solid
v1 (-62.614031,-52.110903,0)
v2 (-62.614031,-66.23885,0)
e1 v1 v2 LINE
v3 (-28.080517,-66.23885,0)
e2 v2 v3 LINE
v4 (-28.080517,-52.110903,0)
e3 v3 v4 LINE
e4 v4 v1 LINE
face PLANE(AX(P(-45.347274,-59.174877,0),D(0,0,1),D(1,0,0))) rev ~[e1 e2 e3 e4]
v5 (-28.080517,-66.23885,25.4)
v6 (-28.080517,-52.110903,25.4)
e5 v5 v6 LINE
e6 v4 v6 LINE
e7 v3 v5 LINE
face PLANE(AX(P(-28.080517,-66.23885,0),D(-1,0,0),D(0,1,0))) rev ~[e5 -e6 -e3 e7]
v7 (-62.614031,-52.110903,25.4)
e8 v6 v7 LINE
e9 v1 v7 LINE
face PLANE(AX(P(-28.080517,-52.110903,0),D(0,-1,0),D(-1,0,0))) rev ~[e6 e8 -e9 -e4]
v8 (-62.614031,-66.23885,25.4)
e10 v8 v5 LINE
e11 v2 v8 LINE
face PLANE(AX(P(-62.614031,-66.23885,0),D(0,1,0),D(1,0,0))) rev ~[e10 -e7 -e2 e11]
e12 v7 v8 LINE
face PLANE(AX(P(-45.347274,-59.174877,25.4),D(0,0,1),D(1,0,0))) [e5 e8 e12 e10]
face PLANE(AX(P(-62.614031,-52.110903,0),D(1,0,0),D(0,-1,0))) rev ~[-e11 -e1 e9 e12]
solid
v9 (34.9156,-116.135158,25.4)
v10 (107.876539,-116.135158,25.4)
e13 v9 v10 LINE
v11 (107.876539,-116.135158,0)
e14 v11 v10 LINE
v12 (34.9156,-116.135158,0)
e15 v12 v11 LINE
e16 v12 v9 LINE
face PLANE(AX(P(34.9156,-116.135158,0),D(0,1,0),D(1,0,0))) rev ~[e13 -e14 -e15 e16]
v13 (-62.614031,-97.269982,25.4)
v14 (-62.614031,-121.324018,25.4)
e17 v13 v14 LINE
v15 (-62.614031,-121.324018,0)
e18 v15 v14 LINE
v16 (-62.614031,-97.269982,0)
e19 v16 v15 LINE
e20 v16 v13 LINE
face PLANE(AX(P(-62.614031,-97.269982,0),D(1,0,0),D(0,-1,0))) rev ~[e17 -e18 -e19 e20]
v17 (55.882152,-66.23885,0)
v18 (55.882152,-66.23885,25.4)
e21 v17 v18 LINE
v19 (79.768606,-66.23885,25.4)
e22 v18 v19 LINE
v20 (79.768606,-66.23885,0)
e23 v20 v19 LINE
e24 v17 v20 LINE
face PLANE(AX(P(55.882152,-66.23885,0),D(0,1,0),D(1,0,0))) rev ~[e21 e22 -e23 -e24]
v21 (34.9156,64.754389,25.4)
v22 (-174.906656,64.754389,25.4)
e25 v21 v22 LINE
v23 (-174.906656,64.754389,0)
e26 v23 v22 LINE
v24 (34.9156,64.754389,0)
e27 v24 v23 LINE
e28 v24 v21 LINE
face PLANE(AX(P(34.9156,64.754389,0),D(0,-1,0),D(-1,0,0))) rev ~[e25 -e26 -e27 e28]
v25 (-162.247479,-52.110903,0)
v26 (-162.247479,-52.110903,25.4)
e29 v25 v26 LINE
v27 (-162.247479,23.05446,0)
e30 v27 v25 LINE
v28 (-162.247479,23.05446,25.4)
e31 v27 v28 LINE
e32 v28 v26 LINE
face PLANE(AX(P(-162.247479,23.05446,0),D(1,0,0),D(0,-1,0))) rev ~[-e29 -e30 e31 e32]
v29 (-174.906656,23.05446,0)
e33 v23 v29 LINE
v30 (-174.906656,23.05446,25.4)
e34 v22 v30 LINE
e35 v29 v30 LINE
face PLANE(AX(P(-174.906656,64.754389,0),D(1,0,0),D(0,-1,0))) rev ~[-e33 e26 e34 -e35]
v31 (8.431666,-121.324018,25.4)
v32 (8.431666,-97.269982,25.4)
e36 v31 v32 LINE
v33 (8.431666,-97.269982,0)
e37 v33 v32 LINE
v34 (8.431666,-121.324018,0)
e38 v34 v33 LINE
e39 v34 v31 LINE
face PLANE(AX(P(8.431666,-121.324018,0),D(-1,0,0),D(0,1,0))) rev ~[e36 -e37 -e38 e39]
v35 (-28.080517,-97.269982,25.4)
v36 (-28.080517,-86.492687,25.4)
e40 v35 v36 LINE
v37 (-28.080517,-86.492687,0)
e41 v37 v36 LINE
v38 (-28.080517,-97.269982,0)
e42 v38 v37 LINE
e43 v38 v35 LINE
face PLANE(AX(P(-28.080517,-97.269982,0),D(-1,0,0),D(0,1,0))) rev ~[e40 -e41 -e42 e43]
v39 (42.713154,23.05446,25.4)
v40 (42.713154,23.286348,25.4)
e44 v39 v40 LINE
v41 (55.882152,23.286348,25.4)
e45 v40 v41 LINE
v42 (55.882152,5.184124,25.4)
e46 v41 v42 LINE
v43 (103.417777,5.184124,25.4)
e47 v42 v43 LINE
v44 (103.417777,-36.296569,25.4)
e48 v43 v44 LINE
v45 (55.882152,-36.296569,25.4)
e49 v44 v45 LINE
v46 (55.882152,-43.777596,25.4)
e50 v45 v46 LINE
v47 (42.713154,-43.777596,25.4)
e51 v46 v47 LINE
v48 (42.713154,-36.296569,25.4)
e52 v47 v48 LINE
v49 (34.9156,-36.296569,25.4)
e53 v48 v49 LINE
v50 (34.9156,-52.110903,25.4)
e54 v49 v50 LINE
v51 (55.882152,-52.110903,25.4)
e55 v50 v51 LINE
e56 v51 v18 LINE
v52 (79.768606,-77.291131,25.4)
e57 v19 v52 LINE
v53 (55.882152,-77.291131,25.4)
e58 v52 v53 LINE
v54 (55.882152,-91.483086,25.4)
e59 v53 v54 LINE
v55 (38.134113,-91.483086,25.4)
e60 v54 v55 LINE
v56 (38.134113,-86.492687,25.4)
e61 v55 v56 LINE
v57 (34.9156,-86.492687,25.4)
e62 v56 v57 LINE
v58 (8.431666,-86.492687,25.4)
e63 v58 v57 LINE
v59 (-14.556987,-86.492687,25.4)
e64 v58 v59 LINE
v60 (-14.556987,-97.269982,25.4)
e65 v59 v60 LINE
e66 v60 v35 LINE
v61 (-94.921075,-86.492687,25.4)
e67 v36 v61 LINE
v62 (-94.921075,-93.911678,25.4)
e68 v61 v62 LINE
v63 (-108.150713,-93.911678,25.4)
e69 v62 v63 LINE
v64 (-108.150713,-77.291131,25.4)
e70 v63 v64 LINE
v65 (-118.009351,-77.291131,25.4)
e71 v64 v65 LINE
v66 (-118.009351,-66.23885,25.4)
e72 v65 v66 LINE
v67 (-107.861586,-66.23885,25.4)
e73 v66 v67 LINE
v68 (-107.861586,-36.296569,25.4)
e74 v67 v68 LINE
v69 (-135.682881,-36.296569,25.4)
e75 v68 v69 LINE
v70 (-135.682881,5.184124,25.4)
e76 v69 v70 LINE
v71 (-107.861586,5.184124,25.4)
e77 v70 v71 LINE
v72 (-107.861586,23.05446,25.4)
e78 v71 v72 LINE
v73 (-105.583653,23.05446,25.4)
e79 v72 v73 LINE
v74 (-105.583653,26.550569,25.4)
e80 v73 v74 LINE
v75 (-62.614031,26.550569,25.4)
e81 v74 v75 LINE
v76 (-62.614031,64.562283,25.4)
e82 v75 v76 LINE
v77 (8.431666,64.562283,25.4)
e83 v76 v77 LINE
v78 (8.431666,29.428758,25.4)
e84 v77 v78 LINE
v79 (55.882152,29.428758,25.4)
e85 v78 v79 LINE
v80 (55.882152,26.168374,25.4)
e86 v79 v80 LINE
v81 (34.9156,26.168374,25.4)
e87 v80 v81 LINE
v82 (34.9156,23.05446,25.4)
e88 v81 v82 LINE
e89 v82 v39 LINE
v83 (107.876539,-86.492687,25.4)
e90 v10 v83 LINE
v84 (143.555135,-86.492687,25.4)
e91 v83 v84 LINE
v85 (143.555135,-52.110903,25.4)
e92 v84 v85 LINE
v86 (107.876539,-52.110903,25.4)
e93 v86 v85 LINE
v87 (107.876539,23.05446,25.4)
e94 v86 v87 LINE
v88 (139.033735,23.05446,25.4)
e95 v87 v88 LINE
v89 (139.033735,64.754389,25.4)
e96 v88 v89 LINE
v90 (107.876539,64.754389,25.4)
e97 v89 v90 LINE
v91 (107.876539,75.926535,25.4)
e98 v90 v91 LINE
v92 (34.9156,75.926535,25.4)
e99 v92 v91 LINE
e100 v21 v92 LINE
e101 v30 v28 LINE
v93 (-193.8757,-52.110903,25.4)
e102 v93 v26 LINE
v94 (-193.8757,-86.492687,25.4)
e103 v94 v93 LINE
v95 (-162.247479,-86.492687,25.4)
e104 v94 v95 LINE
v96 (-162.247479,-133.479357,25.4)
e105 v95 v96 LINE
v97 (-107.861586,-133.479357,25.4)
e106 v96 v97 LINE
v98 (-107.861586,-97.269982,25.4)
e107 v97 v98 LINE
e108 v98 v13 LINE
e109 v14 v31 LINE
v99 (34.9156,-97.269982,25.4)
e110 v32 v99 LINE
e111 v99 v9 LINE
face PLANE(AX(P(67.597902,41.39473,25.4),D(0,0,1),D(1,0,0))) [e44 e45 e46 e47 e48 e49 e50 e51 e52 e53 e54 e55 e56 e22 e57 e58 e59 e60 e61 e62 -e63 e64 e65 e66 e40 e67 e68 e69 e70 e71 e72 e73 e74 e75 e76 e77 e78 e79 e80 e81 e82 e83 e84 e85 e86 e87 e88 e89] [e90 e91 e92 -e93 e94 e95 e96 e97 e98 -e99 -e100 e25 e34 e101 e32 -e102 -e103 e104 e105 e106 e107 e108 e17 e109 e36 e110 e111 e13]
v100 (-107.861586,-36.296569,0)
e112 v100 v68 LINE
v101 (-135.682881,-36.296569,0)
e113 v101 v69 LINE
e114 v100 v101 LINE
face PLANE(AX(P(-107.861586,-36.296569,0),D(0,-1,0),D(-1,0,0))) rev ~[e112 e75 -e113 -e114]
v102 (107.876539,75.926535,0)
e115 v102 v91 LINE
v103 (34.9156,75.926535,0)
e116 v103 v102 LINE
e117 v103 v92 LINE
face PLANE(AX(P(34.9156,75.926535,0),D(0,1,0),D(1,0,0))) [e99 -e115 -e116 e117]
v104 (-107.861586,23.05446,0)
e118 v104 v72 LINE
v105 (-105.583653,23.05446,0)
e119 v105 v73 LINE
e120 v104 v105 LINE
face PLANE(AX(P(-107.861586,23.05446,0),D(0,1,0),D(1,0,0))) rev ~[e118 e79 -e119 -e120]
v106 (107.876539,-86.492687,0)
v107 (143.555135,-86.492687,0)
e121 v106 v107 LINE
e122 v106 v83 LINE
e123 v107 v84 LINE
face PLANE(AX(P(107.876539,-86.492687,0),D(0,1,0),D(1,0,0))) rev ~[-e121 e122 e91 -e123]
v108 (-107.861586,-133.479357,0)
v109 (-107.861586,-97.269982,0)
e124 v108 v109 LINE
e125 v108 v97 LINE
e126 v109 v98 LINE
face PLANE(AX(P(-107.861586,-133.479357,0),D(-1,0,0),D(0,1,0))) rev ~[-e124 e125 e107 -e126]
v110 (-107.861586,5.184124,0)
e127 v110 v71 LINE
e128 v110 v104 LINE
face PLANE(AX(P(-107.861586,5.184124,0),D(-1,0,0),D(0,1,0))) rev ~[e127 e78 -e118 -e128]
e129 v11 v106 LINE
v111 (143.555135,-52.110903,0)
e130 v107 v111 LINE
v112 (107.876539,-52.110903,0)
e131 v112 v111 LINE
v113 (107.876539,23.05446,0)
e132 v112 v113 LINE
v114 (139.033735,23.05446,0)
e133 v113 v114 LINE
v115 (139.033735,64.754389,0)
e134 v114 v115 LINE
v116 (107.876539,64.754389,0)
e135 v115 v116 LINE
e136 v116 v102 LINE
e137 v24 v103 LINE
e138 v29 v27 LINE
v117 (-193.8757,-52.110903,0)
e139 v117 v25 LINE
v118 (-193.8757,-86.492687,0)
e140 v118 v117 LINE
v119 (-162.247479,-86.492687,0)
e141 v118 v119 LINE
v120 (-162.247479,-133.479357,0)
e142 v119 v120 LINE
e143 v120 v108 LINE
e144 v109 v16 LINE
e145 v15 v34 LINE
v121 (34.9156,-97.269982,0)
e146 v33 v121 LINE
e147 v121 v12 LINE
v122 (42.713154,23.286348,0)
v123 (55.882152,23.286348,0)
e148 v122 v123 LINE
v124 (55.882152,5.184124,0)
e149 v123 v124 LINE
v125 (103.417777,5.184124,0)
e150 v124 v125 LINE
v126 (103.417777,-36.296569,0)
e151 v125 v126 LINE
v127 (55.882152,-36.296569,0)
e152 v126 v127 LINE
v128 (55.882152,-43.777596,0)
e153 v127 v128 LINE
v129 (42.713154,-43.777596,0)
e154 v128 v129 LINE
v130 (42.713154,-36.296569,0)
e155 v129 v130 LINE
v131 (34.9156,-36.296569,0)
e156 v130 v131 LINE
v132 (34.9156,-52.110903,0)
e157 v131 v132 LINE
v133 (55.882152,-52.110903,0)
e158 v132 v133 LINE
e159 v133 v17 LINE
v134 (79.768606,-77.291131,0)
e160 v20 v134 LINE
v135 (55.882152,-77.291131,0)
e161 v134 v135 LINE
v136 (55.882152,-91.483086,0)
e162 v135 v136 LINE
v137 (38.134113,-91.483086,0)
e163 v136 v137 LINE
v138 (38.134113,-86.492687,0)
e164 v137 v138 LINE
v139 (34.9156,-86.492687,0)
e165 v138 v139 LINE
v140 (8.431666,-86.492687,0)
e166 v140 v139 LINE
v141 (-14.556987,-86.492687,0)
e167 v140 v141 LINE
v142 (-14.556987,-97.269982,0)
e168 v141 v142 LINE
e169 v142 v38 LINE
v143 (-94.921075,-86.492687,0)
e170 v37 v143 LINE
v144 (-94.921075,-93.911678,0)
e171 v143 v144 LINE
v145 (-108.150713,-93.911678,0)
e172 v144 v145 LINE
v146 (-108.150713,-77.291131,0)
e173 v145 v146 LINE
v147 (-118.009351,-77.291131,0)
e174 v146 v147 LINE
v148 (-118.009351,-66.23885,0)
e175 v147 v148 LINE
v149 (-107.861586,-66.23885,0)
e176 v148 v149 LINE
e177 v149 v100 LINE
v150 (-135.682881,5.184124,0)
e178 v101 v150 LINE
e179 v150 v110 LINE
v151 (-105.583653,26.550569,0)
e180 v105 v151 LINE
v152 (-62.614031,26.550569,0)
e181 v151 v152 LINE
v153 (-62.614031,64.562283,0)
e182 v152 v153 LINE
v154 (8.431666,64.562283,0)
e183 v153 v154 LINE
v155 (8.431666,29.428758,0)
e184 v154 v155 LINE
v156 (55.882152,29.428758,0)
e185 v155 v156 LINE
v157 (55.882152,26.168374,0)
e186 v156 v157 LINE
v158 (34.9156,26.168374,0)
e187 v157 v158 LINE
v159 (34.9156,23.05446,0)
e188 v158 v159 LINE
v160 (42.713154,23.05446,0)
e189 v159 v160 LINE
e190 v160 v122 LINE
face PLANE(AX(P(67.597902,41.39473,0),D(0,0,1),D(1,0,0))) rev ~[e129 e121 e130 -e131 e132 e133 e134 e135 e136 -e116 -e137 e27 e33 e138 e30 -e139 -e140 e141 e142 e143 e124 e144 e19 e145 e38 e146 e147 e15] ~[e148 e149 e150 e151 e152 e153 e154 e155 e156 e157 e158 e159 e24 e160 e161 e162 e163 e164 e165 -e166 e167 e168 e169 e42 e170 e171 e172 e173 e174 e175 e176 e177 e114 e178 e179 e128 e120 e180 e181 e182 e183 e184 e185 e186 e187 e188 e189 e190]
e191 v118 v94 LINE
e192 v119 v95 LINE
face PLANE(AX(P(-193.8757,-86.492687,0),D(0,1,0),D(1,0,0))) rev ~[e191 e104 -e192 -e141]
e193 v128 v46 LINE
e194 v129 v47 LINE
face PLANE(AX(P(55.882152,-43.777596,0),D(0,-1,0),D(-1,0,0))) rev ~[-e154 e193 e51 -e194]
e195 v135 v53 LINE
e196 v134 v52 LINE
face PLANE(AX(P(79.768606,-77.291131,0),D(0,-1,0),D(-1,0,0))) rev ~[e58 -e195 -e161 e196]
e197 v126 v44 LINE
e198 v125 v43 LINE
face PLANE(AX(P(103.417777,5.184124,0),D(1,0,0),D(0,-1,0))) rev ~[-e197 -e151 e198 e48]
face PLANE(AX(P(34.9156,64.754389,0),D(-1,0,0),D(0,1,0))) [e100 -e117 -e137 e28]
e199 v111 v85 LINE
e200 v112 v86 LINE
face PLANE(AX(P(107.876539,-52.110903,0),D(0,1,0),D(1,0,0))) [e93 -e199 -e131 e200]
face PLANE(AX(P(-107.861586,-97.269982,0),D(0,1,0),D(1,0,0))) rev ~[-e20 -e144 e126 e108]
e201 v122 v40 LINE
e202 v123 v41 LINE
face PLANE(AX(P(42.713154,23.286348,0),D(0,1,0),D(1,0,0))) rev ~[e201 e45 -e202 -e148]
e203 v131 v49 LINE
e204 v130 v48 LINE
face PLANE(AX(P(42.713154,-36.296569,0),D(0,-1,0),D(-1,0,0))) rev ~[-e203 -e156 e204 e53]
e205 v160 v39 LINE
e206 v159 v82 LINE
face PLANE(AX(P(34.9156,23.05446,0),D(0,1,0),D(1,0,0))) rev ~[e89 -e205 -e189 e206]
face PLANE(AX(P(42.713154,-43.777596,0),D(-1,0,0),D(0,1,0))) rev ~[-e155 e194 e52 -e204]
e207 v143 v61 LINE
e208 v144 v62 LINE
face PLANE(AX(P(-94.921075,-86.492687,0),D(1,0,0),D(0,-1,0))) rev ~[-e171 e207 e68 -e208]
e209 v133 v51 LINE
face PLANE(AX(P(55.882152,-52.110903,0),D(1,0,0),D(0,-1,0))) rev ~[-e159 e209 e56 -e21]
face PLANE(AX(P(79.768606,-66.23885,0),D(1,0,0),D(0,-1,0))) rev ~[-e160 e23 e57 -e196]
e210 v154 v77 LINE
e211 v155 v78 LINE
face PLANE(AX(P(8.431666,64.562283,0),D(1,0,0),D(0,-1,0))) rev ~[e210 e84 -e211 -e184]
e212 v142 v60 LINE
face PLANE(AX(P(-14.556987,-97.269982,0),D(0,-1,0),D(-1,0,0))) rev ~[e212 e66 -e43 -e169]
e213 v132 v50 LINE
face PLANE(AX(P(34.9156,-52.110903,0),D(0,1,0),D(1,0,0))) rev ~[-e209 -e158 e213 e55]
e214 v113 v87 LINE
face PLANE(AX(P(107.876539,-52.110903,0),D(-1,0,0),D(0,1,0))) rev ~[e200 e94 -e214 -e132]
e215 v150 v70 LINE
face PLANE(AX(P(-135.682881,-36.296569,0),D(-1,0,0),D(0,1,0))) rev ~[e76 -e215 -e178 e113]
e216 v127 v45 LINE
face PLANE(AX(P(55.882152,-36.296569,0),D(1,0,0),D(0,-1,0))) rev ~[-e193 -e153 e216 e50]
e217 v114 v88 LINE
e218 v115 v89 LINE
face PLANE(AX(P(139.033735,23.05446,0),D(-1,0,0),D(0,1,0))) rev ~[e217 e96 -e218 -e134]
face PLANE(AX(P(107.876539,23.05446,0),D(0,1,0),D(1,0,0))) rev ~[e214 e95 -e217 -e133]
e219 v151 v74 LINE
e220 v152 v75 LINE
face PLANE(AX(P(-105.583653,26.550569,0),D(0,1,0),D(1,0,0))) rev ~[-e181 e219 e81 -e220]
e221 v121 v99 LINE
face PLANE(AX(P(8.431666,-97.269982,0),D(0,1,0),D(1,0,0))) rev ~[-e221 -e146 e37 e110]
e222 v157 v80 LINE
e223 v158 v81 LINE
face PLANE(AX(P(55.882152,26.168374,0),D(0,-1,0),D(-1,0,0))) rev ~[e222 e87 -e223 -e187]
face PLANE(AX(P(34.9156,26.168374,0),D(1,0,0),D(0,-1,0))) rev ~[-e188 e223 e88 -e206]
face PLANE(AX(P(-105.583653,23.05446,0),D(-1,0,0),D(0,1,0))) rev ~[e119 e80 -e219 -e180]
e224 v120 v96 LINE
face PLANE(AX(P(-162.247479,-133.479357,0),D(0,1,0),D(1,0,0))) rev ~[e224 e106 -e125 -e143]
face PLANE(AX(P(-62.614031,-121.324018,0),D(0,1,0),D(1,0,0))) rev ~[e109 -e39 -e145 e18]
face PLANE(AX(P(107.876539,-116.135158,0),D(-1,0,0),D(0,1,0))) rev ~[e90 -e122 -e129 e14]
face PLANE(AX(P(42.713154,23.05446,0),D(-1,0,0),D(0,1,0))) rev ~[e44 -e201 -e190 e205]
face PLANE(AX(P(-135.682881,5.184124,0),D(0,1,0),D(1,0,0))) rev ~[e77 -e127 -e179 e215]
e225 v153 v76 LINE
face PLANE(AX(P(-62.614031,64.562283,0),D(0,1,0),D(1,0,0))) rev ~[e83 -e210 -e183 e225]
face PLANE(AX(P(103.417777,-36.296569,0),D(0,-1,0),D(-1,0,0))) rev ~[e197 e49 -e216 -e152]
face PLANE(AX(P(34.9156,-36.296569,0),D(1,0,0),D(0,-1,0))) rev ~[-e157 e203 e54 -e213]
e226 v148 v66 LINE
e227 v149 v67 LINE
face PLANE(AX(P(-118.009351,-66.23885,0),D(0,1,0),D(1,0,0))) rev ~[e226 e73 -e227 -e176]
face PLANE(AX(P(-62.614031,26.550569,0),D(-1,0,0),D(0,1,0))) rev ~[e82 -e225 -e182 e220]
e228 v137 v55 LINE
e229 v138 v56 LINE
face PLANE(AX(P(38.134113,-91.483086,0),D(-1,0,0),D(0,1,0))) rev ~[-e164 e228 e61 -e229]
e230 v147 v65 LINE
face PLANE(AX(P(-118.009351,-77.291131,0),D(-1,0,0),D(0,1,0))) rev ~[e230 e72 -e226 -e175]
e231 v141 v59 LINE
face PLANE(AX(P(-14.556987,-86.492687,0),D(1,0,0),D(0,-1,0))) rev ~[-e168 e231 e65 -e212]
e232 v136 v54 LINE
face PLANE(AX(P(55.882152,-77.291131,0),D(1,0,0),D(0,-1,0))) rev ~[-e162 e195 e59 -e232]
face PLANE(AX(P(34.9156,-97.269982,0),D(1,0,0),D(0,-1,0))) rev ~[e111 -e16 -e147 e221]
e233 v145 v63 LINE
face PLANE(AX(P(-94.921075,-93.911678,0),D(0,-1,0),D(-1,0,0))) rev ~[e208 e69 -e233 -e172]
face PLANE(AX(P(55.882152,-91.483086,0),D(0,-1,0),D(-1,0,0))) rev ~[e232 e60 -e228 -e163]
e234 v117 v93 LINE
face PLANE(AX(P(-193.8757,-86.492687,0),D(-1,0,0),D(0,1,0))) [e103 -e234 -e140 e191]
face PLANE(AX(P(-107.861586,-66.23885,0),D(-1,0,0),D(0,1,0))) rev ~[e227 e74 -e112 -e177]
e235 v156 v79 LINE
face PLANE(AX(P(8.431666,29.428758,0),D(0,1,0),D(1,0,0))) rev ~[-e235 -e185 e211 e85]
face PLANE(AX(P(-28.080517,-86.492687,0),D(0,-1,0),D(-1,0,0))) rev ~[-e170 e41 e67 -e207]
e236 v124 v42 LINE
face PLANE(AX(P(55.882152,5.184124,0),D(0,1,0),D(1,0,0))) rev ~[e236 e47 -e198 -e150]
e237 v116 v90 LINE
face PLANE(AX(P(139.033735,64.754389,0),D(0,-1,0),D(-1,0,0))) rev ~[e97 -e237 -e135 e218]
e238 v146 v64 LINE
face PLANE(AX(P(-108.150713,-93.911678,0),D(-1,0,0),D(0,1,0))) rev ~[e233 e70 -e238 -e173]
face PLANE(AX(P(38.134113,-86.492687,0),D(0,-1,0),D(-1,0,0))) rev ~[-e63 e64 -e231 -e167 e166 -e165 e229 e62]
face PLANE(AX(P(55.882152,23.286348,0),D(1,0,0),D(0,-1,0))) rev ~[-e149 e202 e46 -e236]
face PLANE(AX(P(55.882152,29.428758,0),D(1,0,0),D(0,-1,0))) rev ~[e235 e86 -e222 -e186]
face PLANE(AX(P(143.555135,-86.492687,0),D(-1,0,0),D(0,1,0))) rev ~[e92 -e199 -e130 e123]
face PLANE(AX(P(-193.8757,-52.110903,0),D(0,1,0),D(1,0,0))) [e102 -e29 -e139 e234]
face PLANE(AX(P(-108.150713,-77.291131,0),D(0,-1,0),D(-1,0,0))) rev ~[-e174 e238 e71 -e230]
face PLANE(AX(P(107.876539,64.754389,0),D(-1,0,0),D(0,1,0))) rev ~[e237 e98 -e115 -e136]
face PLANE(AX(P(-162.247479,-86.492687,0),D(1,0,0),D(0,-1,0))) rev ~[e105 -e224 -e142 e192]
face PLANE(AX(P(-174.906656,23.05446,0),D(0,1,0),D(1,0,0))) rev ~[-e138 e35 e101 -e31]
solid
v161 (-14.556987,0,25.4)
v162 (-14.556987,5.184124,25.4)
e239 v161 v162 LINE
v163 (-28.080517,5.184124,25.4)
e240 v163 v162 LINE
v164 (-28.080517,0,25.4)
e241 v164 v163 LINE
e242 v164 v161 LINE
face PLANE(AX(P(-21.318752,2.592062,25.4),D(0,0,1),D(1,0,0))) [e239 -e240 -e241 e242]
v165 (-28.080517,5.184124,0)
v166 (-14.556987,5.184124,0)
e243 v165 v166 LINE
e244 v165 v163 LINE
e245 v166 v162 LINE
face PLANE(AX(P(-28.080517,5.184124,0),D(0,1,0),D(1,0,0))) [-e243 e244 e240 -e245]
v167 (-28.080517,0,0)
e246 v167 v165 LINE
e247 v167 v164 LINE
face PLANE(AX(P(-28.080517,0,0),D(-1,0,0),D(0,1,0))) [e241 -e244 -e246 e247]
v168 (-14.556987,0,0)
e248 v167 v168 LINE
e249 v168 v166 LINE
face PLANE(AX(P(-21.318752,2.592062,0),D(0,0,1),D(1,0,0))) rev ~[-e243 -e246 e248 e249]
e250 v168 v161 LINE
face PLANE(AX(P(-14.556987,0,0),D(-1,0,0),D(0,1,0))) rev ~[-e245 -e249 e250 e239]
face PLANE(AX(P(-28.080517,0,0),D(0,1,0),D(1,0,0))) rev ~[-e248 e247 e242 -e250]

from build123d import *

# Parameters (mm, degrees)
F0_W     = 54.3858930469
F0_H     = 34.2406090349
F0_W_2   = 31.1571955681
F0_H_2   = 41.6999291629
F0_W_3   = 72.9609392583
F0_H_3   = 11.1721456051
F0_W_4   = 26.4839343727
F0_H_4   = 10.7772946358
F0_W_5   = 31.6282212734
F0_H_5   = 34.3817844987
F0_W_6   = 35.6785953045
F1_DEPTH = 25.4
F0_W_7   = 13.523530215
F0_H_6   = 5.1841237582


with BuildPart() as f1:
    # F0 (on Top) → F1 (new body)
    with BuildSketch(Plane.XY):
        Polygon((34.915599972, 26.1683743447), (34.915599972, 23.0544600636), (42.7131541073, 23.0544600636), (42.7131541073, 23.2863482088), (55.8821521699, 23.2863482088), (55.8821521699, 23.0544600636), (107.8765392303, 23.0544600636), (107.8765392303, 64.7543892264), (34.915599972, 64.7543892264), (34.915599972, 29.4287577271), (55.8821521699, 29.4287577271), (55.8821521699, 26.1683743447), align=None)
        Polygon((42.7131541073, -36.2965688109), (34.915599972, -36.2965688109), (34.915599972, -52.1109029651), (38.1341129541, -52.1109029651), (55.8821521699, -52.1109029651), (107.8765392303, -52.1109029651), (107.8765392303, 23.0544600636), (55.8821521699, 23.0544600636), (55.8821521699, 5.1841237582), (103.417776525, 5.1841237582), (103.417776525, -36.2965688109), (55.8821521699, -36.2965688109), (55.8821521699, -43.7775962055), (42.7131541073, -43.7775962055), align=None)
        Polygon((-135.6828808784, 5.1841237582), (-107.8615859151, 5.1841237582), (-107.8615859151, 23.0544600636), (-162.2474789619, 23.0544600636), (-162.2474789619, -52.1109029651), (-107.8615859151, -52.1109029651), (-107.8615859151, -36.2965688109), (-135.6828808784, -36.2965688109), align=None)
        Polygon((-105.583652854, 26.5505686402), (-62.614031136, 26.5505686402), (-62.614031136, 64.5622834563), (8.4316655993, 64.5622834563), (8.4316655993, 29.4287577271), (34.915599972, 29.4287577271), (34.915599972, 64.7543892264), (-174.906656146, 64.7543892264), (-174.906656146, 23.0544600636), (-162.2474789619, 23.0544600636), (-162.2474789619, 57.2950690985), (-107.8615859151, 57.2950690985), (-107.8615859151, 23.0544600636), (-105.583652854, 23.0544600636), align=None)
        with Locations((-135.0545324385, 40.174764581)):
            Rectangle(F0_W, F0_H)
        Polygon((-107.8615859151, -65.1790574193), (-107.8615859151, -52.1109029651), (-162.2474789619, -52.1109029651), (-162.2474789619, -86.4926874638), (-108.1507131457, -86.4926874638), (-108.1507131457, -77.2911310196), (-118.0093511939, -77.2911310196), (-118.0093511939, -66.2388503551), (-107.8615859151, -66.2388503551), align=None)
        with Locations((123.4551370144, 43.904424645)):
            Rectangle(F0_W_2, F0_H_2)
        with Locations((71.3960696012, 70.340462029)):
            Rectangle(F0_W_3, F0_H_3)
        Polygon((8.4316655993, -86.4926874638), (-14.5569872111, -86.4926874638), (-14.5569872111, -97.2699820995), (-28.0805174261, -97.2699820995), (-28.0805174261, -86.4926874638), (-62.614031136, -86.4926874638), (-62.614031136, -97.2699820995), (-62.614031136, -121.3240176439), (8.4316655993, -121.3240176439), (8.4316655993, -97.2699820995), align=None)
        with Locations((21.6736327857, -91.8813347816)):
            Rectangle(F0_W_4, F0_H_4)
        Polygon((107.8765392303, -52.1109029651), (55.8821521699, -52.1109029651), (55.8821521699, -66.2388503551), (79.7686055303, -66.2388503551), (79.7686055303, -77.2911310196), (55.8821521699, -77.2911310196), (55.8821521699, -86.4926874638), (107.8765392303, -86.4926874638), align=None)
        with Locations((-178.0615895987, -69.3017952144)):
            Rectangle(F0_W_5, F0_H_5)
        with Locations((125.7158368826, -69.3017952144)):
            Rectangle(F0_W_6, F0_H_5)
        Polygon((38.1341129541, -86.4926874638), (34.915599972, -86.4926874638), (34.915599972, -97.2699820995), (34.915599972, -116.1351576447), (107.8765392303, -116.1351576447), (107.8765392303, -86.4926874638), (55.8821521699, -86.4926874638), (55.8821521699, -91.4830863476), (38.1341129541, -91.4830863476), align=None)
        Polygon((-108.1507131457, -86.4926874638), (-162.2474789619, -86.4926874638), (-162.2474789619, -133.4793567657), (-107.8615859151, -133.4793567657), (-107.8615859151, -97.2699820995), (-107.8615859151, -93.911677599), (-108.1507131457, -93.911677599), align=None)
        Polygon((-62.614031136, -97.2699820995), (-62.614031136, -86.4926874638), (-94.9210748076, -86.4926874638), (-94.9210748076, -93.911677599), (-107.8615859151, -93.911677599), (-107.8615859151, -97.2699820995), align=None)
    extrude(amount=F1_DEPTH)


with BuildPart() as f1b:
    # F0 (on Top) → F1, piece 2 (new body)
    with BuildSketch(Plane.XY):
        with Locations((-21.3187523186, 2.5920618791)):
            Rectangle(F0_W_7, F0_H_6)
    extrude(amount=F1_DEPTH)


with BuildPart() as f1c:
    # F0 (on Top) → F1, piece 3 (new body)
    with BuildSketch(Plane.XY):
        Polygon((-28.0805174261, -66.2388503551), (-28.0805174261, -52.1109029651), (-39.6157763898, -52.1109029651), (-62.614031136, -52.1109029651), (-62.614031136, -66.2388503551), align=None)
    extrude(amount=F1_DEPTH)


solid = Compound([f1.part, f1b.part, f1c.part])
